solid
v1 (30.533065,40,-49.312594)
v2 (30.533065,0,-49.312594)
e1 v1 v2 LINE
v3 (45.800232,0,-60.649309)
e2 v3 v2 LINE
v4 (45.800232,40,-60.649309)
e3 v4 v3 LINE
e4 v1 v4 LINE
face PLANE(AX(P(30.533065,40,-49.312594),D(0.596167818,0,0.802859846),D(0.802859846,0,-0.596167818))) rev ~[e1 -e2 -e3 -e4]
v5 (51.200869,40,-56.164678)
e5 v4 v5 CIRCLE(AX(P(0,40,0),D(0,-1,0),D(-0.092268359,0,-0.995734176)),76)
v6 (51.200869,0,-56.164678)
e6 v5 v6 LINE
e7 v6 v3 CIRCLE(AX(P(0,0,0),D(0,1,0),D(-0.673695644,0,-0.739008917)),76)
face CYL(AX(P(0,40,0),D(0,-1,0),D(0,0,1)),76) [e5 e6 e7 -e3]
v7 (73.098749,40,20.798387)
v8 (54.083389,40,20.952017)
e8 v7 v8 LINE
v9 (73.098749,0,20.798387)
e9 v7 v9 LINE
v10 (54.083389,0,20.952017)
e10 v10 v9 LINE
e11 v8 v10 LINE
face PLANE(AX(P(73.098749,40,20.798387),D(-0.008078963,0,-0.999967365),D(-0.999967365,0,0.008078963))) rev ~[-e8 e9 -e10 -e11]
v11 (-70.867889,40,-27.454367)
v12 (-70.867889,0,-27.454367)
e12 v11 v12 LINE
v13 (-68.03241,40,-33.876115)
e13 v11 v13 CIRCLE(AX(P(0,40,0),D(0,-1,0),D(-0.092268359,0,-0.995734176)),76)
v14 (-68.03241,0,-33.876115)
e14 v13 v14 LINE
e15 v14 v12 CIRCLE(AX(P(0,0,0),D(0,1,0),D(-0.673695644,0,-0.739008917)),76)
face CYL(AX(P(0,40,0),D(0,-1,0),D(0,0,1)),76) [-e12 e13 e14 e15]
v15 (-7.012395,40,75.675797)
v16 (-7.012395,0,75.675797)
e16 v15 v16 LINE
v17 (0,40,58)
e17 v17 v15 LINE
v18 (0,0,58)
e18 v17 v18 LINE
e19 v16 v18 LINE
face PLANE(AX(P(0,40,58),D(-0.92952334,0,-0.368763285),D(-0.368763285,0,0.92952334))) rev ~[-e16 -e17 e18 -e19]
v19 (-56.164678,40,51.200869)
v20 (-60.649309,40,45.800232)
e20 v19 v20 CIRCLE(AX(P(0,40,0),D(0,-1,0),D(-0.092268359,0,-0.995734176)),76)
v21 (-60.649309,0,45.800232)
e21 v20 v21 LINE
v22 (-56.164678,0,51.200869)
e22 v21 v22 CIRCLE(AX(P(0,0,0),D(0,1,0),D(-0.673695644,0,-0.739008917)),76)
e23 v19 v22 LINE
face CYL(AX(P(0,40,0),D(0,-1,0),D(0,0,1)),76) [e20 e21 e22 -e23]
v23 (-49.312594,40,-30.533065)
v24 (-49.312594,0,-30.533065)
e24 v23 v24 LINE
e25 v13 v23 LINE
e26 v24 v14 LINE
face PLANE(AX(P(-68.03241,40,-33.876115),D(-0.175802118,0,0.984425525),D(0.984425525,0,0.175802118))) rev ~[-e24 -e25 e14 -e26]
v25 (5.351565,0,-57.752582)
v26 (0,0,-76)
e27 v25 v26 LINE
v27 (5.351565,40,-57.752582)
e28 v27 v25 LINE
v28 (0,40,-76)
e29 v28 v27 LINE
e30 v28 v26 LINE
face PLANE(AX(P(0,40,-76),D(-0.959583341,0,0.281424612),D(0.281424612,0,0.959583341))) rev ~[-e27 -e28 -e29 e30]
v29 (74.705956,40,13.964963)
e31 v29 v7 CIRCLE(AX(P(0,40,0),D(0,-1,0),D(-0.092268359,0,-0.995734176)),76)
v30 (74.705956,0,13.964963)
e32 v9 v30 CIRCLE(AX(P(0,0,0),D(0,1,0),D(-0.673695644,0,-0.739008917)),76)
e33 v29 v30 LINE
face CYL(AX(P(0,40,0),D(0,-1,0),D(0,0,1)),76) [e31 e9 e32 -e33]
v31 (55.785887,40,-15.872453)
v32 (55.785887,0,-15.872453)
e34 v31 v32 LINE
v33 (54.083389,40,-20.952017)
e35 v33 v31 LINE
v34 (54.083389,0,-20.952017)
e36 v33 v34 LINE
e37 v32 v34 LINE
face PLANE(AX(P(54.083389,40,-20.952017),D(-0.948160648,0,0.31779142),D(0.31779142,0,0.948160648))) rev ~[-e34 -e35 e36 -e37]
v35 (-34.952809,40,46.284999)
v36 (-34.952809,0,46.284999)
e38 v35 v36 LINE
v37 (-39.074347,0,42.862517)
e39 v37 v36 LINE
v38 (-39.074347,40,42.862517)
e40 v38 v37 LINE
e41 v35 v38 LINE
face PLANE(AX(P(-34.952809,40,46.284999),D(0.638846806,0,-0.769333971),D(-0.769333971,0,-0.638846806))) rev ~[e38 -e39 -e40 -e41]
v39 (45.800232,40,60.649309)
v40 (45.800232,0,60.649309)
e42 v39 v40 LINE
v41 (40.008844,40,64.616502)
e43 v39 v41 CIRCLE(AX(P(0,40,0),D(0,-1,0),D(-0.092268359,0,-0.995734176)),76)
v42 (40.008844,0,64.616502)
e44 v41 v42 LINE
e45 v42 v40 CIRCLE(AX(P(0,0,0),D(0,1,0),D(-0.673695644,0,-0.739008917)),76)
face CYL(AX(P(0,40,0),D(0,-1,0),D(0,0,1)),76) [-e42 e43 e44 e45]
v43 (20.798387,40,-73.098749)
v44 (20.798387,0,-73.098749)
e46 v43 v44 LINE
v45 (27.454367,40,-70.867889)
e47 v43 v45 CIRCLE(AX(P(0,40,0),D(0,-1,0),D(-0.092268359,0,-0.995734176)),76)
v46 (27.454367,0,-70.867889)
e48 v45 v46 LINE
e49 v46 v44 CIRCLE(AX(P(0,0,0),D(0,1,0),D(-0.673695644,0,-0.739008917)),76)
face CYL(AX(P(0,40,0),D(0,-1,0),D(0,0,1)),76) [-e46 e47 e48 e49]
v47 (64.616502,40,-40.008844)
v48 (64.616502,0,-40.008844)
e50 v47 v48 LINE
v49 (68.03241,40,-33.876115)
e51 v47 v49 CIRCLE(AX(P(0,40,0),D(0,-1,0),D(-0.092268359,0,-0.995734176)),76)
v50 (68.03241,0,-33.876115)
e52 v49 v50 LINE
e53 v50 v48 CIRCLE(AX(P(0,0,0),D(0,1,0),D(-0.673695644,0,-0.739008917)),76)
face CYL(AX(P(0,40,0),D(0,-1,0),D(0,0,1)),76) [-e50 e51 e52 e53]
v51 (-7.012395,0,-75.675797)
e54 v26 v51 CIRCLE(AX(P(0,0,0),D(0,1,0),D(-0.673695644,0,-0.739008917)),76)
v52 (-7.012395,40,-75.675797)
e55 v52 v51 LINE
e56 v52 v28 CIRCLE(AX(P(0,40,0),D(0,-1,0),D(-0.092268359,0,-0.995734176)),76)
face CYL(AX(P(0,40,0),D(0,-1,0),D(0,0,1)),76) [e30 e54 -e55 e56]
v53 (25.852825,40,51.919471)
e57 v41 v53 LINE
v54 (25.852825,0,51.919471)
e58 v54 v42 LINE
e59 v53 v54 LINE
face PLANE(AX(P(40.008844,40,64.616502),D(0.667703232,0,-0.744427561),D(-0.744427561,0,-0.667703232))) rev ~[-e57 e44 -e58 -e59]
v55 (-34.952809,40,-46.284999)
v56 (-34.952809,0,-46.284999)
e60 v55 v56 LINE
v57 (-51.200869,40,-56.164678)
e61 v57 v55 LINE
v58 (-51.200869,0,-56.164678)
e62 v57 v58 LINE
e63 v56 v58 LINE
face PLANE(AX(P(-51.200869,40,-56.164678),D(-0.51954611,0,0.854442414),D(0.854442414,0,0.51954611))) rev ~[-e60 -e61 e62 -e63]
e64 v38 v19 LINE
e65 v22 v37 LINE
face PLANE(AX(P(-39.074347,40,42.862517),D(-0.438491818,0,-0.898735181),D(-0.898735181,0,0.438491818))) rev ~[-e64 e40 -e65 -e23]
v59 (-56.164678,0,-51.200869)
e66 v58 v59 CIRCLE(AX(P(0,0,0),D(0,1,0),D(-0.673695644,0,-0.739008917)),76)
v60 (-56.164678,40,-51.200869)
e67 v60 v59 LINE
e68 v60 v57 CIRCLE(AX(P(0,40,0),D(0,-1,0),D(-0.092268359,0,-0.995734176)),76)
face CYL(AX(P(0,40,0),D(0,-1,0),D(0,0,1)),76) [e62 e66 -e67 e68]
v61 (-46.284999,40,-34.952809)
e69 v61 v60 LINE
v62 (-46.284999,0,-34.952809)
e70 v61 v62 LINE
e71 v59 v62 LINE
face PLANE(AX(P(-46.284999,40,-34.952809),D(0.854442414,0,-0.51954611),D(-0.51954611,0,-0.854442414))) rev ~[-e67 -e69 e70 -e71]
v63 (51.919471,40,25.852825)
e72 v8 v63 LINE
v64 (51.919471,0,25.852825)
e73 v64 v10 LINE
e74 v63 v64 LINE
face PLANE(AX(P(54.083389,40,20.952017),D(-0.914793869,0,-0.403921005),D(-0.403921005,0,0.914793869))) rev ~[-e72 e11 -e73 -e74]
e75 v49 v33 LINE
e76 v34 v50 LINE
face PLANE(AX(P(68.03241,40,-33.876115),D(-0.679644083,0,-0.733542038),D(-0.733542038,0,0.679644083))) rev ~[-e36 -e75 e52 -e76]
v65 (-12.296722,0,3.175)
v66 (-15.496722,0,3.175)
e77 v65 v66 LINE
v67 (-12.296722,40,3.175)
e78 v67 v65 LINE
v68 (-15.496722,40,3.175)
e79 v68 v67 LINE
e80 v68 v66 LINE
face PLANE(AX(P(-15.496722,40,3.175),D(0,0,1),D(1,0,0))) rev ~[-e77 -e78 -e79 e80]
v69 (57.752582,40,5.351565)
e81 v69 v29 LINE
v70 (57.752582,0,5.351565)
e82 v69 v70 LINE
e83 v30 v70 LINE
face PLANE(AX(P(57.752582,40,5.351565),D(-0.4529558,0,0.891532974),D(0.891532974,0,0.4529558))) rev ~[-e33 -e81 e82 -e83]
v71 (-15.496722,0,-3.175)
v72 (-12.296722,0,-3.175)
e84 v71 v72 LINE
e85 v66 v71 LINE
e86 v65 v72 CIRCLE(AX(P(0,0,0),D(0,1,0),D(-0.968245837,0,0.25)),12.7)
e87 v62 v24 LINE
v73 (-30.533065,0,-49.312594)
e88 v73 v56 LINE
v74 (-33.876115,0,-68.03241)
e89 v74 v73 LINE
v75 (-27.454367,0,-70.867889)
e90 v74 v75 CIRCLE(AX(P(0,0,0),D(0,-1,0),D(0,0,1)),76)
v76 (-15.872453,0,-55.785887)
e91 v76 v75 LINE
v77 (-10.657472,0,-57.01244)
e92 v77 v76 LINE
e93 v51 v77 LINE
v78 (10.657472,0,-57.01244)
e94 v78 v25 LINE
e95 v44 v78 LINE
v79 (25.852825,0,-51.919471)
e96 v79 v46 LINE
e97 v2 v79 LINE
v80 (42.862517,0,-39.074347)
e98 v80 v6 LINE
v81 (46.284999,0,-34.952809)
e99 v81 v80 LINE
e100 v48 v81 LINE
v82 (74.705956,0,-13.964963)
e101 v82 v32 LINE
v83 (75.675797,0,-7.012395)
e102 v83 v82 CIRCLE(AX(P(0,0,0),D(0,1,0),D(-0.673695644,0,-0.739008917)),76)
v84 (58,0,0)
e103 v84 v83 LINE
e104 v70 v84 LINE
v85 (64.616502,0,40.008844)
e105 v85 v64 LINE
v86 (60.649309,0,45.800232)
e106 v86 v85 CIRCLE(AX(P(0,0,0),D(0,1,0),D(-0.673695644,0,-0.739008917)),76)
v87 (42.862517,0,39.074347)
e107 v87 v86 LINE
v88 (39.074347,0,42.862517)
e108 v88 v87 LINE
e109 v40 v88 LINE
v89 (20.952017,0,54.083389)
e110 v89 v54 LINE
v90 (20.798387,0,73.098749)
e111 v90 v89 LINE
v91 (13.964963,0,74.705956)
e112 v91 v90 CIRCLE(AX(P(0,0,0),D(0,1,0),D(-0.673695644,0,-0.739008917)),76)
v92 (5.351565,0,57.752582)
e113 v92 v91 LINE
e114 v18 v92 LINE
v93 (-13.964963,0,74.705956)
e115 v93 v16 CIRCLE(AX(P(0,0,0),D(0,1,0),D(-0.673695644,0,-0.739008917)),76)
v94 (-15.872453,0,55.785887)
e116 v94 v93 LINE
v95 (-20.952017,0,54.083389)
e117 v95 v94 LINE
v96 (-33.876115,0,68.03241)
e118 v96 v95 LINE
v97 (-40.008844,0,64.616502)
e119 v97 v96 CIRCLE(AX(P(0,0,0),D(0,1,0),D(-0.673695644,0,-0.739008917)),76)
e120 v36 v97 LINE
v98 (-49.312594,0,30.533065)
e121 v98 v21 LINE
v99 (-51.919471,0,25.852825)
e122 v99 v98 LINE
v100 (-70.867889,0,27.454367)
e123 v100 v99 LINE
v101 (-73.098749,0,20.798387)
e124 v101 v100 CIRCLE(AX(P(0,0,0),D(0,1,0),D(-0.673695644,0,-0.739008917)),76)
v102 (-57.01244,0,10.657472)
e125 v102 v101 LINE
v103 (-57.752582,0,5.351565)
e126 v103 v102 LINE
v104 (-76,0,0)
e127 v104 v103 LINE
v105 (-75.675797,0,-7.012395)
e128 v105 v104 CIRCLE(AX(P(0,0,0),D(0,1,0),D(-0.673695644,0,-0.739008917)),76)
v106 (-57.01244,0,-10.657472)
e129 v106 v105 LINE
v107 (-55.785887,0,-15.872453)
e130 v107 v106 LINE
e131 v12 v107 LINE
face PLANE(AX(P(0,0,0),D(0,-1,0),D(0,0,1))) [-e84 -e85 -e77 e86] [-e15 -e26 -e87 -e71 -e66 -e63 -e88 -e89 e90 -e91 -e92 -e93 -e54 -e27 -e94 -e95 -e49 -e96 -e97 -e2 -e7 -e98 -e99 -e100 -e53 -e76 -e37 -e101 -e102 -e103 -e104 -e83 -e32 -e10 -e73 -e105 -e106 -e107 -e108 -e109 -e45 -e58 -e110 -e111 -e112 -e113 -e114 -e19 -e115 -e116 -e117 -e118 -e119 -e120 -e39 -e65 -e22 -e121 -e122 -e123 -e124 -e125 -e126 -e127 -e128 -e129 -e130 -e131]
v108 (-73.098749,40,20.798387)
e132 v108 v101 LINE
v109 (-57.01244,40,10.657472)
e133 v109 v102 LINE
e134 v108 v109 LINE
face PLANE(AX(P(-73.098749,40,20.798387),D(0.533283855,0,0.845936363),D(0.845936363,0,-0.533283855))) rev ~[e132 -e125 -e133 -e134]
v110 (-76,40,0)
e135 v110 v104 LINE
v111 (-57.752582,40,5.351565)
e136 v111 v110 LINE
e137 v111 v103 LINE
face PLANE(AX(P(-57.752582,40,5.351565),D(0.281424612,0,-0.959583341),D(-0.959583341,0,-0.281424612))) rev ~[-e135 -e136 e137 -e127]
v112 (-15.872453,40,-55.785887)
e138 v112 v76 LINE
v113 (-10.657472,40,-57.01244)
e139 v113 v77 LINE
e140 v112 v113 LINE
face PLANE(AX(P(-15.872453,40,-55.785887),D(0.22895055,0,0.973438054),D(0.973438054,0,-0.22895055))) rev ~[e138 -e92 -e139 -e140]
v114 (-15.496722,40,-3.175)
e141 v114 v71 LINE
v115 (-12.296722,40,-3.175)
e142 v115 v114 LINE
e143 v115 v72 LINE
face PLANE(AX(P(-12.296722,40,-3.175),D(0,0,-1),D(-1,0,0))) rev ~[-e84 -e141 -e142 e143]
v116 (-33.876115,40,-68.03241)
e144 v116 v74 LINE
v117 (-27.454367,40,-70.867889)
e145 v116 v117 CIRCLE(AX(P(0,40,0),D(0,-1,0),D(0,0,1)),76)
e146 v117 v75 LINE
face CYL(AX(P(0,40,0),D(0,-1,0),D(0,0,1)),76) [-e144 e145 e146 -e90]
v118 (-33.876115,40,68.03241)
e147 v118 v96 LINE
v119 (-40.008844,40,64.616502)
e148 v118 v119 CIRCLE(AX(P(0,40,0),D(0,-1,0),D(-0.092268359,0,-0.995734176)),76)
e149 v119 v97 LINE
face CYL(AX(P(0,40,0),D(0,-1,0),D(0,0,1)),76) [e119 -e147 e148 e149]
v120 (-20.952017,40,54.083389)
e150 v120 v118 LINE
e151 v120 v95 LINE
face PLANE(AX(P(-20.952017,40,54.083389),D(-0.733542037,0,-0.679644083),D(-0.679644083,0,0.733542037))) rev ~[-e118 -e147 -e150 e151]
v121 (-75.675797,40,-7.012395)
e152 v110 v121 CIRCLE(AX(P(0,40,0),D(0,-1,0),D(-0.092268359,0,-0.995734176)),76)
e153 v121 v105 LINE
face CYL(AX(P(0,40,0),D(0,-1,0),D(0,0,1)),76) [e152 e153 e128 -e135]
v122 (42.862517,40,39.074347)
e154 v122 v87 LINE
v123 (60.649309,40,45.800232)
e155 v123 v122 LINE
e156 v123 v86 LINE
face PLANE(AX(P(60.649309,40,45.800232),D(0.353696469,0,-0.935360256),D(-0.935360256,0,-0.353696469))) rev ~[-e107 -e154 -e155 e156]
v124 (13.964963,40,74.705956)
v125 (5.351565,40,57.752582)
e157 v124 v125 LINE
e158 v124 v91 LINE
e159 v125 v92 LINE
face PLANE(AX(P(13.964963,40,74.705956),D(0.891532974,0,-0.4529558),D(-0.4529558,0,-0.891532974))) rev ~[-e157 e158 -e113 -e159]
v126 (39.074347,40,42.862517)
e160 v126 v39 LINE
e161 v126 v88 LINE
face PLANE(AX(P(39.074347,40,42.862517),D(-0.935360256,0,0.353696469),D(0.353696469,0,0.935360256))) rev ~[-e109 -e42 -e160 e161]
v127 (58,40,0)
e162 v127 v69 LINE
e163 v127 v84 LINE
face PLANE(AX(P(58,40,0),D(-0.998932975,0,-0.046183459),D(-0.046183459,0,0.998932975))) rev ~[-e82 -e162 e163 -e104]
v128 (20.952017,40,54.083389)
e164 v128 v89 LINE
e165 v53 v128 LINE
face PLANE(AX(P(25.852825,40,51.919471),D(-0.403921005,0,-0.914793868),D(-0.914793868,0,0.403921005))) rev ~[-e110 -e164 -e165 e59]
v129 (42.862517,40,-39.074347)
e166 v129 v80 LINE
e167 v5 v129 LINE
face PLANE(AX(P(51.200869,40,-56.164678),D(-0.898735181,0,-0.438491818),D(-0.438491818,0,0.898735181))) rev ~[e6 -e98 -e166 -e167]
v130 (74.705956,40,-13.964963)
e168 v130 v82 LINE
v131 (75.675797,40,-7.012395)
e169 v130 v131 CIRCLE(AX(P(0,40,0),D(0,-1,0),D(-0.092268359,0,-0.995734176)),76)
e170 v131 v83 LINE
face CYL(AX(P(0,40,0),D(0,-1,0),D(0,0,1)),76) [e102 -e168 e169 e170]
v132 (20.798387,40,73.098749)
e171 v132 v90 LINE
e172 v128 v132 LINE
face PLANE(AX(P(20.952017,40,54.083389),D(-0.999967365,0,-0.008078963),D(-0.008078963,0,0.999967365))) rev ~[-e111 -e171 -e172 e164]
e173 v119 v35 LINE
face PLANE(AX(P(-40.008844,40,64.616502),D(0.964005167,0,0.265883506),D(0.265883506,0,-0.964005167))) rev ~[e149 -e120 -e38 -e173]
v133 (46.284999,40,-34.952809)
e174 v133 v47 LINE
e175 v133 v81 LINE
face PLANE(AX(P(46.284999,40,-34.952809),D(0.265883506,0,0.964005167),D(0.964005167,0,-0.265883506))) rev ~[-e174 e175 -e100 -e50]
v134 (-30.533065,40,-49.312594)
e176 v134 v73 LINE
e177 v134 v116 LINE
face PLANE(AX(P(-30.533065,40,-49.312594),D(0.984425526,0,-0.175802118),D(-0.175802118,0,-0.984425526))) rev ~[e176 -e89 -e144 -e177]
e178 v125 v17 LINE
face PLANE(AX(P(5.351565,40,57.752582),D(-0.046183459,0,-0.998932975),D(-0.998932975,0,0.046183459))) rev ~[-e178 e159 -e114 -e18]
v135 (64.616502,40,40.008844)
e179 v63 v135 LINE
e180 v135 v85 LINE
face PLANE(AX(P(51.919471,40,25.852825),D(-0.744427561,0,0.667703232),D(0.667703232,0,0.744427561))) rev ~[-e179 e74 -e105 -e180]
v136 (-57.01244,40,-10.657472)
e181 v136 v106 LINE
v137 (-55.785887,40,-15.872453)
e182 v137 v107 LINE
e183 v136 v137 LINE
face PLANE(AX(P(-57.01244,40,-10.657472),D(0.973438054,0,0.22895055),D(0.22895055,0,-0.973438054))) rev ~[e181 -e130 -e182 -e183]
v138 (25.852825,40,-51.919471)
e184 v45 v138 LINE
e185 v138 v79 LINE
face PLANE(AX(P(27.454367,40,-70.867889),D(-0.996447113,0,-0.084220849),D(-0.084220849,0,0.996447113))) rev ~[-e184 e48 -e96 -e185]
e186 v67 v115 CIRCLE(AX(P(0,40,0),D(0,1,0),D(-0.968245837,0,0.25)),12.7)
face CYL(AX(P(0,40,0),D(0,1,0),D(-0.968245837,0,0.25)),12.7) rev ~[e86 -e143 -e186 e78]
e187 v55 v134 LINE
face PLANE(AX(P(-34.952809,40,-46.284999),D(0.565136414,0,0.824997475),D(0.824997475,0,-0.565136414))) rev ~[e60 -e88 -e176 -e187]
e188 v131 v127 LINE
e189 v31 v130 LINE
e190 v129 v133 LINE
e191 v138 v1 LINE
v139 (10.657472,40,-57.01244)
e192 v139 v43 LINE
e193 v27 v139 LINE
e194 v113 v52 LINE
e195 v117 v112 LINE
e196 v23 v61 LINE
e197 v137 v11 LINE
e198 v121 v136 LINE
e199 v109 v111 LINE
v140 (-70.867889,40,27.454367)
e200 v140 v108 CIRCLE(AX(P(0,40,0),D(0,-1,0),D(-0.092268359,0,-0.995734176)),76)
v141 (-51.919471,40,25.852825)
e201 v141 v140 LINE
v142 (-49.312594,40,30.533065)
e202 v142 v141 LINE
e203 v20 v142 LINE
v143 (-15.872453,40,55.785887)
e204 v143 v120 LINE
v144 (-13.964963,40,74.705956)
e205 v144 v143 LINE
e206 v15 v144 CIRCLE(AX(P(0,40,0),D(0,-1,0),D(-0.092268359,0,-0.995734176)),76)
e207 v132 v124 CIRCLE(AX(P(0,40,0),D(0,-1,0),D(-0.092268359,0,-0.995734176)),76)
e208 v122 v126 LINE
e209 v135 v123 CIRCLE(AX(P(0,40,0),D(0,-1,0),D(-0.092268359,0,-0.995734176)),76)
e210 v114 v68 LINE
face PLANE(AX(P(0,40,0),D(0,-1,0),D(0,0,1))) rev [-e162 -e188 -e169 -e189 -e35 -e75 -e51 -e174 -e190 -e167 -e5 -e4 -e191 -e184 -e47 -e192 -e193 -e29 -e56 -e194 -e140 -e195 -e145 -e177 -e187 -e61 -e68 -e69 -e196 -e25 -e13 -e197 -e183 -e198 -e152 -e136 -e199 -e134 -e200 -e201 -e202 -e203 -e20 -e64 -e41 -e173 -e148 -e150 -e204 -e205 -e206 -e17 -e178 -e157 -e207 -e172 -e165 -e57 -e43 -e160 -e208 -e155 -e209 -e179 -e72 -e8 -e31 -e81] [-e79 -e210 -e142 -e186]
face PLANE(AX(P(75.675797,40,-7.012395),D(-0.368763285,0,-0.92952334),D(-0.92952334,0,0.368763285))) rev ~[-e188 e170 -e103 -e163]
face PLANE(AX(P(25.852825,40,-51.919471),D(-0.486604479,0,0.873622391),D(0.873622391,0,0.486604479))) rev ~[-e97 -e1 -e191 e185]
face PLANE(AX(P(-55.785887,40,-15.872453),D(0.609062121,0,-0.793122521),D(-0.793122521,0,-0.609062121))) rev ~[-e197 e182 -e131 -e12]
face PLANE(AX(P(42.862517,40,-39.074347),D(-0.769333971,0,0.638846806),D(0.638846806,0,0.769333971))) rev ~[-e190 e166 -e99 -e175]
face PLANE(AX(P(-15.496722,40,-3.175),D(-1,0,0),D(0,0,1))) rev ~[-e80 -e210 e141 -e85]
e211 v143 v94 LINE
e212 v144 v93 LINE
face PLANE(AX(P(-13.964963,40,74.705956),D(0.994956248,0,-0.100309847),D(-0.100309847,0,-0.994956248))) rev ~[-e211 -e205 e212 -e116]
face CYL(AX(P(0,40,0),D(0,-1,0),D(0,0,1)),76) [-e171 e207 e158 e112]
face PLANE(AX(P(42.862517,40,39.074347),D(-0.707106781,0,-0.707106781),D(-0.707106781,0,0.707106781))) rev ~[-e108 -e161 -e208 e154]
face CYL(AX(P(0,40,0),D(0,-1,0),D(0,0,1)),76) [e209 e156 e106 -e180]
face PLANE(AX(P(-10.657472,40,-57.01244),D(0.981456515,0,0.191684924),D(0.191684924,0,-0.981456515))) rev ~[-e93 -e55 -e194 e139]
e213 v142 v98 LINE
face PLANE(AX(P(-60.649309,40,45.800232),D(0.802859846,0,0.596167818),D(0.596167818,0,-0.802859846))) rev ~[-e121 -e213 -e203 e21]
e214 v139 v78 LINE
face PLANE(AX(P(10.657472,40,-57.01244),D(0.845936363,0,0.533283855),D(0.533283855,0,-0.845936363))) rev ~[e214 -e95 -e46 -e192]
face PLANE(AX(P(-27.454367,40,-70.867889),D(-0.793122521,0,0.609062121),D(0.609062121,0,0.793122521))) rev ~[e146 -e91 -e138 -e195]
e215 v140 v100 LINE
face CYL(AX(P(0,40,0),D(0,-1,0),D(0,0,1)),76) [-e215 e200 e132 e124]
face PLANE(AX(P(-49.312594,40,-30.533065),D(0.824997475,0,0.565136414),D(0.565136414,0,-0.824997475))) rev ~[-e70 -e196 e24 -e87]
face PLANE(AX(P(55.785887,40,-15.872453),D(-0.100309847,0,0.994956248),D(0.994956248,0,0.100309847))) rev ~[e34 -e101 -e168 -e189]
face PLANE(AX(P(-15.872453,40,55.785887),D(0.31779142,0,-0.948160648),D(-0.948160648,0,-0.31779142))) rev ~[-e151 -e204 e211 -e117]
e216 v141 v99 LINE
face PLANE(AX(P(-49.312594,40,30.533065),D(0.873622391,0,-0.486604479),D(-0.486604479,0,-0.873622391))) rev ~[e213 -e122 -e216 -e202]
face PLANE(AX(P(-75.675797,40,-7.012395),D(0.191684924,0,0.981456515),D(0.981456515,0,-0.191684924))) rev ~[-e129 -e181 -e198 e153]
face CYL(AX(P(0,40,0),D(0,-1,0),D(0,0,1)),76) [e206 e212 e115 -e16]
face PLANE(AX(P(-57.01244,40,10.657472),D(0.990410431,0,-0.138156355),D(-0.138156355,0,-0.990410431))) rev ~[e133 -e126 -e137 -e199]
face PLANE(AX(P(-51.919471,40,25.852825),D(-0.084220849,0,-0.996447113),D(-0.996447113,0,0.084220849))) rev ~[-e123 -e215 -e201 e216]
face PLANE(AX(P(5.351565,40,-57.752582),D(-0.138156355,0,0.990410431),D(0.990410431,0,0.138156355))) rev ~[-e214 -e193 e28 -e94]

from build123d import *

# Parameters (mm, degrees)
ENL_V_MAT_EXTRU_3_DEPTH      = 115.682169495
R_P_TITION_CIRCULAIRE1_COUNT = 17
ENL_V_MAT_EXTRU_4_DEPTH      = 115.682169495


with BuildPart() as part:
    # Esquisse1 → Révolution1 (revolve)
    with BuildSketch(Plane.XY, mode=Mode.PRIVATE) as r_volution1_sk:
        Polygon((-76, 40), (-76, 0), (-50, 0), (0, 0), (0, 40), (-50, 40), align=None)
    revolve(r_volution1_sk.sketch.rotate(Axis((0, 40, 0), (0, -1, 0)), 270), axis=Axis((0, 40, 0), (0, -1, 0)))

    # Esquisse5 → Enlèv. mat.-Extru.3 (cut, through all)
    with BuildSketch(Plane(origin=(0, 40, 0), x_dir=(1, 0, 0), z_dir=(0, 1, 0))):
        with BuildLine():
            ThreePointArc((-7.01239532, 75.675797398), (-17.400241796, 73.981292131), (-27.45436663, 70.867889435))
            Line((-27.45436663, 70.867889435), (-15.872453425, 55.785887304))
            Line((-15.872453425, 55.785887304), (-10.657472034, 57.012439782))
            Line((-10.657472034, 57.012439782), (-7.01239532, 75.675797398))
        make_face()
    enl_v_mat_extru_3 = extrude(amount=-ENL_V_MAT_EXTRU_3_DEPTH, mode=Mode.SUBTRACT)

    # Répétition circulaire1: Enlèv. mat.-Extru.3 ×17 about axis
    r_p_tition_circulaire1_axis = Axis((0, 0, 0), (0, 1, 0))
    for i in range(1, R_P_TITION_CIRCULAIRE1_COUNT):
        add(enl_v_mat_extru_3.rotate(r_p_tition_circulaire1_axis, i * 360 / R_P_TITION_CIRCULAIRE1_COUNT), mode=Mode.SUBTRACT)

    # Esquisse6 → Enlèv. mat.-Extru.4 (cut, through all)
    with BuildSketch(Plane(origin=(0, 40, 0), x_dir=(1, 0, 0), z_dir=(0, 1, 0))):
        with BuildLine():
            Line((-12.296722124, 3.175), (-15.496722124, 3.175))
            Line((-15.496722124, 3.175), (-15.496722124, -3.175))
            Line((-15.496722124, -3.175), (-12.296722124, -3.175))
            ThreePointArc((-12.296722124, -3.175), (12.7, 0), (-12.296722124, 3.175))
        make_face()
    extrude(amount=-ENL_V_MAT_EXTRU_4_DEPTH, mode=Mode.SUBTRACT)


solid = part.part
